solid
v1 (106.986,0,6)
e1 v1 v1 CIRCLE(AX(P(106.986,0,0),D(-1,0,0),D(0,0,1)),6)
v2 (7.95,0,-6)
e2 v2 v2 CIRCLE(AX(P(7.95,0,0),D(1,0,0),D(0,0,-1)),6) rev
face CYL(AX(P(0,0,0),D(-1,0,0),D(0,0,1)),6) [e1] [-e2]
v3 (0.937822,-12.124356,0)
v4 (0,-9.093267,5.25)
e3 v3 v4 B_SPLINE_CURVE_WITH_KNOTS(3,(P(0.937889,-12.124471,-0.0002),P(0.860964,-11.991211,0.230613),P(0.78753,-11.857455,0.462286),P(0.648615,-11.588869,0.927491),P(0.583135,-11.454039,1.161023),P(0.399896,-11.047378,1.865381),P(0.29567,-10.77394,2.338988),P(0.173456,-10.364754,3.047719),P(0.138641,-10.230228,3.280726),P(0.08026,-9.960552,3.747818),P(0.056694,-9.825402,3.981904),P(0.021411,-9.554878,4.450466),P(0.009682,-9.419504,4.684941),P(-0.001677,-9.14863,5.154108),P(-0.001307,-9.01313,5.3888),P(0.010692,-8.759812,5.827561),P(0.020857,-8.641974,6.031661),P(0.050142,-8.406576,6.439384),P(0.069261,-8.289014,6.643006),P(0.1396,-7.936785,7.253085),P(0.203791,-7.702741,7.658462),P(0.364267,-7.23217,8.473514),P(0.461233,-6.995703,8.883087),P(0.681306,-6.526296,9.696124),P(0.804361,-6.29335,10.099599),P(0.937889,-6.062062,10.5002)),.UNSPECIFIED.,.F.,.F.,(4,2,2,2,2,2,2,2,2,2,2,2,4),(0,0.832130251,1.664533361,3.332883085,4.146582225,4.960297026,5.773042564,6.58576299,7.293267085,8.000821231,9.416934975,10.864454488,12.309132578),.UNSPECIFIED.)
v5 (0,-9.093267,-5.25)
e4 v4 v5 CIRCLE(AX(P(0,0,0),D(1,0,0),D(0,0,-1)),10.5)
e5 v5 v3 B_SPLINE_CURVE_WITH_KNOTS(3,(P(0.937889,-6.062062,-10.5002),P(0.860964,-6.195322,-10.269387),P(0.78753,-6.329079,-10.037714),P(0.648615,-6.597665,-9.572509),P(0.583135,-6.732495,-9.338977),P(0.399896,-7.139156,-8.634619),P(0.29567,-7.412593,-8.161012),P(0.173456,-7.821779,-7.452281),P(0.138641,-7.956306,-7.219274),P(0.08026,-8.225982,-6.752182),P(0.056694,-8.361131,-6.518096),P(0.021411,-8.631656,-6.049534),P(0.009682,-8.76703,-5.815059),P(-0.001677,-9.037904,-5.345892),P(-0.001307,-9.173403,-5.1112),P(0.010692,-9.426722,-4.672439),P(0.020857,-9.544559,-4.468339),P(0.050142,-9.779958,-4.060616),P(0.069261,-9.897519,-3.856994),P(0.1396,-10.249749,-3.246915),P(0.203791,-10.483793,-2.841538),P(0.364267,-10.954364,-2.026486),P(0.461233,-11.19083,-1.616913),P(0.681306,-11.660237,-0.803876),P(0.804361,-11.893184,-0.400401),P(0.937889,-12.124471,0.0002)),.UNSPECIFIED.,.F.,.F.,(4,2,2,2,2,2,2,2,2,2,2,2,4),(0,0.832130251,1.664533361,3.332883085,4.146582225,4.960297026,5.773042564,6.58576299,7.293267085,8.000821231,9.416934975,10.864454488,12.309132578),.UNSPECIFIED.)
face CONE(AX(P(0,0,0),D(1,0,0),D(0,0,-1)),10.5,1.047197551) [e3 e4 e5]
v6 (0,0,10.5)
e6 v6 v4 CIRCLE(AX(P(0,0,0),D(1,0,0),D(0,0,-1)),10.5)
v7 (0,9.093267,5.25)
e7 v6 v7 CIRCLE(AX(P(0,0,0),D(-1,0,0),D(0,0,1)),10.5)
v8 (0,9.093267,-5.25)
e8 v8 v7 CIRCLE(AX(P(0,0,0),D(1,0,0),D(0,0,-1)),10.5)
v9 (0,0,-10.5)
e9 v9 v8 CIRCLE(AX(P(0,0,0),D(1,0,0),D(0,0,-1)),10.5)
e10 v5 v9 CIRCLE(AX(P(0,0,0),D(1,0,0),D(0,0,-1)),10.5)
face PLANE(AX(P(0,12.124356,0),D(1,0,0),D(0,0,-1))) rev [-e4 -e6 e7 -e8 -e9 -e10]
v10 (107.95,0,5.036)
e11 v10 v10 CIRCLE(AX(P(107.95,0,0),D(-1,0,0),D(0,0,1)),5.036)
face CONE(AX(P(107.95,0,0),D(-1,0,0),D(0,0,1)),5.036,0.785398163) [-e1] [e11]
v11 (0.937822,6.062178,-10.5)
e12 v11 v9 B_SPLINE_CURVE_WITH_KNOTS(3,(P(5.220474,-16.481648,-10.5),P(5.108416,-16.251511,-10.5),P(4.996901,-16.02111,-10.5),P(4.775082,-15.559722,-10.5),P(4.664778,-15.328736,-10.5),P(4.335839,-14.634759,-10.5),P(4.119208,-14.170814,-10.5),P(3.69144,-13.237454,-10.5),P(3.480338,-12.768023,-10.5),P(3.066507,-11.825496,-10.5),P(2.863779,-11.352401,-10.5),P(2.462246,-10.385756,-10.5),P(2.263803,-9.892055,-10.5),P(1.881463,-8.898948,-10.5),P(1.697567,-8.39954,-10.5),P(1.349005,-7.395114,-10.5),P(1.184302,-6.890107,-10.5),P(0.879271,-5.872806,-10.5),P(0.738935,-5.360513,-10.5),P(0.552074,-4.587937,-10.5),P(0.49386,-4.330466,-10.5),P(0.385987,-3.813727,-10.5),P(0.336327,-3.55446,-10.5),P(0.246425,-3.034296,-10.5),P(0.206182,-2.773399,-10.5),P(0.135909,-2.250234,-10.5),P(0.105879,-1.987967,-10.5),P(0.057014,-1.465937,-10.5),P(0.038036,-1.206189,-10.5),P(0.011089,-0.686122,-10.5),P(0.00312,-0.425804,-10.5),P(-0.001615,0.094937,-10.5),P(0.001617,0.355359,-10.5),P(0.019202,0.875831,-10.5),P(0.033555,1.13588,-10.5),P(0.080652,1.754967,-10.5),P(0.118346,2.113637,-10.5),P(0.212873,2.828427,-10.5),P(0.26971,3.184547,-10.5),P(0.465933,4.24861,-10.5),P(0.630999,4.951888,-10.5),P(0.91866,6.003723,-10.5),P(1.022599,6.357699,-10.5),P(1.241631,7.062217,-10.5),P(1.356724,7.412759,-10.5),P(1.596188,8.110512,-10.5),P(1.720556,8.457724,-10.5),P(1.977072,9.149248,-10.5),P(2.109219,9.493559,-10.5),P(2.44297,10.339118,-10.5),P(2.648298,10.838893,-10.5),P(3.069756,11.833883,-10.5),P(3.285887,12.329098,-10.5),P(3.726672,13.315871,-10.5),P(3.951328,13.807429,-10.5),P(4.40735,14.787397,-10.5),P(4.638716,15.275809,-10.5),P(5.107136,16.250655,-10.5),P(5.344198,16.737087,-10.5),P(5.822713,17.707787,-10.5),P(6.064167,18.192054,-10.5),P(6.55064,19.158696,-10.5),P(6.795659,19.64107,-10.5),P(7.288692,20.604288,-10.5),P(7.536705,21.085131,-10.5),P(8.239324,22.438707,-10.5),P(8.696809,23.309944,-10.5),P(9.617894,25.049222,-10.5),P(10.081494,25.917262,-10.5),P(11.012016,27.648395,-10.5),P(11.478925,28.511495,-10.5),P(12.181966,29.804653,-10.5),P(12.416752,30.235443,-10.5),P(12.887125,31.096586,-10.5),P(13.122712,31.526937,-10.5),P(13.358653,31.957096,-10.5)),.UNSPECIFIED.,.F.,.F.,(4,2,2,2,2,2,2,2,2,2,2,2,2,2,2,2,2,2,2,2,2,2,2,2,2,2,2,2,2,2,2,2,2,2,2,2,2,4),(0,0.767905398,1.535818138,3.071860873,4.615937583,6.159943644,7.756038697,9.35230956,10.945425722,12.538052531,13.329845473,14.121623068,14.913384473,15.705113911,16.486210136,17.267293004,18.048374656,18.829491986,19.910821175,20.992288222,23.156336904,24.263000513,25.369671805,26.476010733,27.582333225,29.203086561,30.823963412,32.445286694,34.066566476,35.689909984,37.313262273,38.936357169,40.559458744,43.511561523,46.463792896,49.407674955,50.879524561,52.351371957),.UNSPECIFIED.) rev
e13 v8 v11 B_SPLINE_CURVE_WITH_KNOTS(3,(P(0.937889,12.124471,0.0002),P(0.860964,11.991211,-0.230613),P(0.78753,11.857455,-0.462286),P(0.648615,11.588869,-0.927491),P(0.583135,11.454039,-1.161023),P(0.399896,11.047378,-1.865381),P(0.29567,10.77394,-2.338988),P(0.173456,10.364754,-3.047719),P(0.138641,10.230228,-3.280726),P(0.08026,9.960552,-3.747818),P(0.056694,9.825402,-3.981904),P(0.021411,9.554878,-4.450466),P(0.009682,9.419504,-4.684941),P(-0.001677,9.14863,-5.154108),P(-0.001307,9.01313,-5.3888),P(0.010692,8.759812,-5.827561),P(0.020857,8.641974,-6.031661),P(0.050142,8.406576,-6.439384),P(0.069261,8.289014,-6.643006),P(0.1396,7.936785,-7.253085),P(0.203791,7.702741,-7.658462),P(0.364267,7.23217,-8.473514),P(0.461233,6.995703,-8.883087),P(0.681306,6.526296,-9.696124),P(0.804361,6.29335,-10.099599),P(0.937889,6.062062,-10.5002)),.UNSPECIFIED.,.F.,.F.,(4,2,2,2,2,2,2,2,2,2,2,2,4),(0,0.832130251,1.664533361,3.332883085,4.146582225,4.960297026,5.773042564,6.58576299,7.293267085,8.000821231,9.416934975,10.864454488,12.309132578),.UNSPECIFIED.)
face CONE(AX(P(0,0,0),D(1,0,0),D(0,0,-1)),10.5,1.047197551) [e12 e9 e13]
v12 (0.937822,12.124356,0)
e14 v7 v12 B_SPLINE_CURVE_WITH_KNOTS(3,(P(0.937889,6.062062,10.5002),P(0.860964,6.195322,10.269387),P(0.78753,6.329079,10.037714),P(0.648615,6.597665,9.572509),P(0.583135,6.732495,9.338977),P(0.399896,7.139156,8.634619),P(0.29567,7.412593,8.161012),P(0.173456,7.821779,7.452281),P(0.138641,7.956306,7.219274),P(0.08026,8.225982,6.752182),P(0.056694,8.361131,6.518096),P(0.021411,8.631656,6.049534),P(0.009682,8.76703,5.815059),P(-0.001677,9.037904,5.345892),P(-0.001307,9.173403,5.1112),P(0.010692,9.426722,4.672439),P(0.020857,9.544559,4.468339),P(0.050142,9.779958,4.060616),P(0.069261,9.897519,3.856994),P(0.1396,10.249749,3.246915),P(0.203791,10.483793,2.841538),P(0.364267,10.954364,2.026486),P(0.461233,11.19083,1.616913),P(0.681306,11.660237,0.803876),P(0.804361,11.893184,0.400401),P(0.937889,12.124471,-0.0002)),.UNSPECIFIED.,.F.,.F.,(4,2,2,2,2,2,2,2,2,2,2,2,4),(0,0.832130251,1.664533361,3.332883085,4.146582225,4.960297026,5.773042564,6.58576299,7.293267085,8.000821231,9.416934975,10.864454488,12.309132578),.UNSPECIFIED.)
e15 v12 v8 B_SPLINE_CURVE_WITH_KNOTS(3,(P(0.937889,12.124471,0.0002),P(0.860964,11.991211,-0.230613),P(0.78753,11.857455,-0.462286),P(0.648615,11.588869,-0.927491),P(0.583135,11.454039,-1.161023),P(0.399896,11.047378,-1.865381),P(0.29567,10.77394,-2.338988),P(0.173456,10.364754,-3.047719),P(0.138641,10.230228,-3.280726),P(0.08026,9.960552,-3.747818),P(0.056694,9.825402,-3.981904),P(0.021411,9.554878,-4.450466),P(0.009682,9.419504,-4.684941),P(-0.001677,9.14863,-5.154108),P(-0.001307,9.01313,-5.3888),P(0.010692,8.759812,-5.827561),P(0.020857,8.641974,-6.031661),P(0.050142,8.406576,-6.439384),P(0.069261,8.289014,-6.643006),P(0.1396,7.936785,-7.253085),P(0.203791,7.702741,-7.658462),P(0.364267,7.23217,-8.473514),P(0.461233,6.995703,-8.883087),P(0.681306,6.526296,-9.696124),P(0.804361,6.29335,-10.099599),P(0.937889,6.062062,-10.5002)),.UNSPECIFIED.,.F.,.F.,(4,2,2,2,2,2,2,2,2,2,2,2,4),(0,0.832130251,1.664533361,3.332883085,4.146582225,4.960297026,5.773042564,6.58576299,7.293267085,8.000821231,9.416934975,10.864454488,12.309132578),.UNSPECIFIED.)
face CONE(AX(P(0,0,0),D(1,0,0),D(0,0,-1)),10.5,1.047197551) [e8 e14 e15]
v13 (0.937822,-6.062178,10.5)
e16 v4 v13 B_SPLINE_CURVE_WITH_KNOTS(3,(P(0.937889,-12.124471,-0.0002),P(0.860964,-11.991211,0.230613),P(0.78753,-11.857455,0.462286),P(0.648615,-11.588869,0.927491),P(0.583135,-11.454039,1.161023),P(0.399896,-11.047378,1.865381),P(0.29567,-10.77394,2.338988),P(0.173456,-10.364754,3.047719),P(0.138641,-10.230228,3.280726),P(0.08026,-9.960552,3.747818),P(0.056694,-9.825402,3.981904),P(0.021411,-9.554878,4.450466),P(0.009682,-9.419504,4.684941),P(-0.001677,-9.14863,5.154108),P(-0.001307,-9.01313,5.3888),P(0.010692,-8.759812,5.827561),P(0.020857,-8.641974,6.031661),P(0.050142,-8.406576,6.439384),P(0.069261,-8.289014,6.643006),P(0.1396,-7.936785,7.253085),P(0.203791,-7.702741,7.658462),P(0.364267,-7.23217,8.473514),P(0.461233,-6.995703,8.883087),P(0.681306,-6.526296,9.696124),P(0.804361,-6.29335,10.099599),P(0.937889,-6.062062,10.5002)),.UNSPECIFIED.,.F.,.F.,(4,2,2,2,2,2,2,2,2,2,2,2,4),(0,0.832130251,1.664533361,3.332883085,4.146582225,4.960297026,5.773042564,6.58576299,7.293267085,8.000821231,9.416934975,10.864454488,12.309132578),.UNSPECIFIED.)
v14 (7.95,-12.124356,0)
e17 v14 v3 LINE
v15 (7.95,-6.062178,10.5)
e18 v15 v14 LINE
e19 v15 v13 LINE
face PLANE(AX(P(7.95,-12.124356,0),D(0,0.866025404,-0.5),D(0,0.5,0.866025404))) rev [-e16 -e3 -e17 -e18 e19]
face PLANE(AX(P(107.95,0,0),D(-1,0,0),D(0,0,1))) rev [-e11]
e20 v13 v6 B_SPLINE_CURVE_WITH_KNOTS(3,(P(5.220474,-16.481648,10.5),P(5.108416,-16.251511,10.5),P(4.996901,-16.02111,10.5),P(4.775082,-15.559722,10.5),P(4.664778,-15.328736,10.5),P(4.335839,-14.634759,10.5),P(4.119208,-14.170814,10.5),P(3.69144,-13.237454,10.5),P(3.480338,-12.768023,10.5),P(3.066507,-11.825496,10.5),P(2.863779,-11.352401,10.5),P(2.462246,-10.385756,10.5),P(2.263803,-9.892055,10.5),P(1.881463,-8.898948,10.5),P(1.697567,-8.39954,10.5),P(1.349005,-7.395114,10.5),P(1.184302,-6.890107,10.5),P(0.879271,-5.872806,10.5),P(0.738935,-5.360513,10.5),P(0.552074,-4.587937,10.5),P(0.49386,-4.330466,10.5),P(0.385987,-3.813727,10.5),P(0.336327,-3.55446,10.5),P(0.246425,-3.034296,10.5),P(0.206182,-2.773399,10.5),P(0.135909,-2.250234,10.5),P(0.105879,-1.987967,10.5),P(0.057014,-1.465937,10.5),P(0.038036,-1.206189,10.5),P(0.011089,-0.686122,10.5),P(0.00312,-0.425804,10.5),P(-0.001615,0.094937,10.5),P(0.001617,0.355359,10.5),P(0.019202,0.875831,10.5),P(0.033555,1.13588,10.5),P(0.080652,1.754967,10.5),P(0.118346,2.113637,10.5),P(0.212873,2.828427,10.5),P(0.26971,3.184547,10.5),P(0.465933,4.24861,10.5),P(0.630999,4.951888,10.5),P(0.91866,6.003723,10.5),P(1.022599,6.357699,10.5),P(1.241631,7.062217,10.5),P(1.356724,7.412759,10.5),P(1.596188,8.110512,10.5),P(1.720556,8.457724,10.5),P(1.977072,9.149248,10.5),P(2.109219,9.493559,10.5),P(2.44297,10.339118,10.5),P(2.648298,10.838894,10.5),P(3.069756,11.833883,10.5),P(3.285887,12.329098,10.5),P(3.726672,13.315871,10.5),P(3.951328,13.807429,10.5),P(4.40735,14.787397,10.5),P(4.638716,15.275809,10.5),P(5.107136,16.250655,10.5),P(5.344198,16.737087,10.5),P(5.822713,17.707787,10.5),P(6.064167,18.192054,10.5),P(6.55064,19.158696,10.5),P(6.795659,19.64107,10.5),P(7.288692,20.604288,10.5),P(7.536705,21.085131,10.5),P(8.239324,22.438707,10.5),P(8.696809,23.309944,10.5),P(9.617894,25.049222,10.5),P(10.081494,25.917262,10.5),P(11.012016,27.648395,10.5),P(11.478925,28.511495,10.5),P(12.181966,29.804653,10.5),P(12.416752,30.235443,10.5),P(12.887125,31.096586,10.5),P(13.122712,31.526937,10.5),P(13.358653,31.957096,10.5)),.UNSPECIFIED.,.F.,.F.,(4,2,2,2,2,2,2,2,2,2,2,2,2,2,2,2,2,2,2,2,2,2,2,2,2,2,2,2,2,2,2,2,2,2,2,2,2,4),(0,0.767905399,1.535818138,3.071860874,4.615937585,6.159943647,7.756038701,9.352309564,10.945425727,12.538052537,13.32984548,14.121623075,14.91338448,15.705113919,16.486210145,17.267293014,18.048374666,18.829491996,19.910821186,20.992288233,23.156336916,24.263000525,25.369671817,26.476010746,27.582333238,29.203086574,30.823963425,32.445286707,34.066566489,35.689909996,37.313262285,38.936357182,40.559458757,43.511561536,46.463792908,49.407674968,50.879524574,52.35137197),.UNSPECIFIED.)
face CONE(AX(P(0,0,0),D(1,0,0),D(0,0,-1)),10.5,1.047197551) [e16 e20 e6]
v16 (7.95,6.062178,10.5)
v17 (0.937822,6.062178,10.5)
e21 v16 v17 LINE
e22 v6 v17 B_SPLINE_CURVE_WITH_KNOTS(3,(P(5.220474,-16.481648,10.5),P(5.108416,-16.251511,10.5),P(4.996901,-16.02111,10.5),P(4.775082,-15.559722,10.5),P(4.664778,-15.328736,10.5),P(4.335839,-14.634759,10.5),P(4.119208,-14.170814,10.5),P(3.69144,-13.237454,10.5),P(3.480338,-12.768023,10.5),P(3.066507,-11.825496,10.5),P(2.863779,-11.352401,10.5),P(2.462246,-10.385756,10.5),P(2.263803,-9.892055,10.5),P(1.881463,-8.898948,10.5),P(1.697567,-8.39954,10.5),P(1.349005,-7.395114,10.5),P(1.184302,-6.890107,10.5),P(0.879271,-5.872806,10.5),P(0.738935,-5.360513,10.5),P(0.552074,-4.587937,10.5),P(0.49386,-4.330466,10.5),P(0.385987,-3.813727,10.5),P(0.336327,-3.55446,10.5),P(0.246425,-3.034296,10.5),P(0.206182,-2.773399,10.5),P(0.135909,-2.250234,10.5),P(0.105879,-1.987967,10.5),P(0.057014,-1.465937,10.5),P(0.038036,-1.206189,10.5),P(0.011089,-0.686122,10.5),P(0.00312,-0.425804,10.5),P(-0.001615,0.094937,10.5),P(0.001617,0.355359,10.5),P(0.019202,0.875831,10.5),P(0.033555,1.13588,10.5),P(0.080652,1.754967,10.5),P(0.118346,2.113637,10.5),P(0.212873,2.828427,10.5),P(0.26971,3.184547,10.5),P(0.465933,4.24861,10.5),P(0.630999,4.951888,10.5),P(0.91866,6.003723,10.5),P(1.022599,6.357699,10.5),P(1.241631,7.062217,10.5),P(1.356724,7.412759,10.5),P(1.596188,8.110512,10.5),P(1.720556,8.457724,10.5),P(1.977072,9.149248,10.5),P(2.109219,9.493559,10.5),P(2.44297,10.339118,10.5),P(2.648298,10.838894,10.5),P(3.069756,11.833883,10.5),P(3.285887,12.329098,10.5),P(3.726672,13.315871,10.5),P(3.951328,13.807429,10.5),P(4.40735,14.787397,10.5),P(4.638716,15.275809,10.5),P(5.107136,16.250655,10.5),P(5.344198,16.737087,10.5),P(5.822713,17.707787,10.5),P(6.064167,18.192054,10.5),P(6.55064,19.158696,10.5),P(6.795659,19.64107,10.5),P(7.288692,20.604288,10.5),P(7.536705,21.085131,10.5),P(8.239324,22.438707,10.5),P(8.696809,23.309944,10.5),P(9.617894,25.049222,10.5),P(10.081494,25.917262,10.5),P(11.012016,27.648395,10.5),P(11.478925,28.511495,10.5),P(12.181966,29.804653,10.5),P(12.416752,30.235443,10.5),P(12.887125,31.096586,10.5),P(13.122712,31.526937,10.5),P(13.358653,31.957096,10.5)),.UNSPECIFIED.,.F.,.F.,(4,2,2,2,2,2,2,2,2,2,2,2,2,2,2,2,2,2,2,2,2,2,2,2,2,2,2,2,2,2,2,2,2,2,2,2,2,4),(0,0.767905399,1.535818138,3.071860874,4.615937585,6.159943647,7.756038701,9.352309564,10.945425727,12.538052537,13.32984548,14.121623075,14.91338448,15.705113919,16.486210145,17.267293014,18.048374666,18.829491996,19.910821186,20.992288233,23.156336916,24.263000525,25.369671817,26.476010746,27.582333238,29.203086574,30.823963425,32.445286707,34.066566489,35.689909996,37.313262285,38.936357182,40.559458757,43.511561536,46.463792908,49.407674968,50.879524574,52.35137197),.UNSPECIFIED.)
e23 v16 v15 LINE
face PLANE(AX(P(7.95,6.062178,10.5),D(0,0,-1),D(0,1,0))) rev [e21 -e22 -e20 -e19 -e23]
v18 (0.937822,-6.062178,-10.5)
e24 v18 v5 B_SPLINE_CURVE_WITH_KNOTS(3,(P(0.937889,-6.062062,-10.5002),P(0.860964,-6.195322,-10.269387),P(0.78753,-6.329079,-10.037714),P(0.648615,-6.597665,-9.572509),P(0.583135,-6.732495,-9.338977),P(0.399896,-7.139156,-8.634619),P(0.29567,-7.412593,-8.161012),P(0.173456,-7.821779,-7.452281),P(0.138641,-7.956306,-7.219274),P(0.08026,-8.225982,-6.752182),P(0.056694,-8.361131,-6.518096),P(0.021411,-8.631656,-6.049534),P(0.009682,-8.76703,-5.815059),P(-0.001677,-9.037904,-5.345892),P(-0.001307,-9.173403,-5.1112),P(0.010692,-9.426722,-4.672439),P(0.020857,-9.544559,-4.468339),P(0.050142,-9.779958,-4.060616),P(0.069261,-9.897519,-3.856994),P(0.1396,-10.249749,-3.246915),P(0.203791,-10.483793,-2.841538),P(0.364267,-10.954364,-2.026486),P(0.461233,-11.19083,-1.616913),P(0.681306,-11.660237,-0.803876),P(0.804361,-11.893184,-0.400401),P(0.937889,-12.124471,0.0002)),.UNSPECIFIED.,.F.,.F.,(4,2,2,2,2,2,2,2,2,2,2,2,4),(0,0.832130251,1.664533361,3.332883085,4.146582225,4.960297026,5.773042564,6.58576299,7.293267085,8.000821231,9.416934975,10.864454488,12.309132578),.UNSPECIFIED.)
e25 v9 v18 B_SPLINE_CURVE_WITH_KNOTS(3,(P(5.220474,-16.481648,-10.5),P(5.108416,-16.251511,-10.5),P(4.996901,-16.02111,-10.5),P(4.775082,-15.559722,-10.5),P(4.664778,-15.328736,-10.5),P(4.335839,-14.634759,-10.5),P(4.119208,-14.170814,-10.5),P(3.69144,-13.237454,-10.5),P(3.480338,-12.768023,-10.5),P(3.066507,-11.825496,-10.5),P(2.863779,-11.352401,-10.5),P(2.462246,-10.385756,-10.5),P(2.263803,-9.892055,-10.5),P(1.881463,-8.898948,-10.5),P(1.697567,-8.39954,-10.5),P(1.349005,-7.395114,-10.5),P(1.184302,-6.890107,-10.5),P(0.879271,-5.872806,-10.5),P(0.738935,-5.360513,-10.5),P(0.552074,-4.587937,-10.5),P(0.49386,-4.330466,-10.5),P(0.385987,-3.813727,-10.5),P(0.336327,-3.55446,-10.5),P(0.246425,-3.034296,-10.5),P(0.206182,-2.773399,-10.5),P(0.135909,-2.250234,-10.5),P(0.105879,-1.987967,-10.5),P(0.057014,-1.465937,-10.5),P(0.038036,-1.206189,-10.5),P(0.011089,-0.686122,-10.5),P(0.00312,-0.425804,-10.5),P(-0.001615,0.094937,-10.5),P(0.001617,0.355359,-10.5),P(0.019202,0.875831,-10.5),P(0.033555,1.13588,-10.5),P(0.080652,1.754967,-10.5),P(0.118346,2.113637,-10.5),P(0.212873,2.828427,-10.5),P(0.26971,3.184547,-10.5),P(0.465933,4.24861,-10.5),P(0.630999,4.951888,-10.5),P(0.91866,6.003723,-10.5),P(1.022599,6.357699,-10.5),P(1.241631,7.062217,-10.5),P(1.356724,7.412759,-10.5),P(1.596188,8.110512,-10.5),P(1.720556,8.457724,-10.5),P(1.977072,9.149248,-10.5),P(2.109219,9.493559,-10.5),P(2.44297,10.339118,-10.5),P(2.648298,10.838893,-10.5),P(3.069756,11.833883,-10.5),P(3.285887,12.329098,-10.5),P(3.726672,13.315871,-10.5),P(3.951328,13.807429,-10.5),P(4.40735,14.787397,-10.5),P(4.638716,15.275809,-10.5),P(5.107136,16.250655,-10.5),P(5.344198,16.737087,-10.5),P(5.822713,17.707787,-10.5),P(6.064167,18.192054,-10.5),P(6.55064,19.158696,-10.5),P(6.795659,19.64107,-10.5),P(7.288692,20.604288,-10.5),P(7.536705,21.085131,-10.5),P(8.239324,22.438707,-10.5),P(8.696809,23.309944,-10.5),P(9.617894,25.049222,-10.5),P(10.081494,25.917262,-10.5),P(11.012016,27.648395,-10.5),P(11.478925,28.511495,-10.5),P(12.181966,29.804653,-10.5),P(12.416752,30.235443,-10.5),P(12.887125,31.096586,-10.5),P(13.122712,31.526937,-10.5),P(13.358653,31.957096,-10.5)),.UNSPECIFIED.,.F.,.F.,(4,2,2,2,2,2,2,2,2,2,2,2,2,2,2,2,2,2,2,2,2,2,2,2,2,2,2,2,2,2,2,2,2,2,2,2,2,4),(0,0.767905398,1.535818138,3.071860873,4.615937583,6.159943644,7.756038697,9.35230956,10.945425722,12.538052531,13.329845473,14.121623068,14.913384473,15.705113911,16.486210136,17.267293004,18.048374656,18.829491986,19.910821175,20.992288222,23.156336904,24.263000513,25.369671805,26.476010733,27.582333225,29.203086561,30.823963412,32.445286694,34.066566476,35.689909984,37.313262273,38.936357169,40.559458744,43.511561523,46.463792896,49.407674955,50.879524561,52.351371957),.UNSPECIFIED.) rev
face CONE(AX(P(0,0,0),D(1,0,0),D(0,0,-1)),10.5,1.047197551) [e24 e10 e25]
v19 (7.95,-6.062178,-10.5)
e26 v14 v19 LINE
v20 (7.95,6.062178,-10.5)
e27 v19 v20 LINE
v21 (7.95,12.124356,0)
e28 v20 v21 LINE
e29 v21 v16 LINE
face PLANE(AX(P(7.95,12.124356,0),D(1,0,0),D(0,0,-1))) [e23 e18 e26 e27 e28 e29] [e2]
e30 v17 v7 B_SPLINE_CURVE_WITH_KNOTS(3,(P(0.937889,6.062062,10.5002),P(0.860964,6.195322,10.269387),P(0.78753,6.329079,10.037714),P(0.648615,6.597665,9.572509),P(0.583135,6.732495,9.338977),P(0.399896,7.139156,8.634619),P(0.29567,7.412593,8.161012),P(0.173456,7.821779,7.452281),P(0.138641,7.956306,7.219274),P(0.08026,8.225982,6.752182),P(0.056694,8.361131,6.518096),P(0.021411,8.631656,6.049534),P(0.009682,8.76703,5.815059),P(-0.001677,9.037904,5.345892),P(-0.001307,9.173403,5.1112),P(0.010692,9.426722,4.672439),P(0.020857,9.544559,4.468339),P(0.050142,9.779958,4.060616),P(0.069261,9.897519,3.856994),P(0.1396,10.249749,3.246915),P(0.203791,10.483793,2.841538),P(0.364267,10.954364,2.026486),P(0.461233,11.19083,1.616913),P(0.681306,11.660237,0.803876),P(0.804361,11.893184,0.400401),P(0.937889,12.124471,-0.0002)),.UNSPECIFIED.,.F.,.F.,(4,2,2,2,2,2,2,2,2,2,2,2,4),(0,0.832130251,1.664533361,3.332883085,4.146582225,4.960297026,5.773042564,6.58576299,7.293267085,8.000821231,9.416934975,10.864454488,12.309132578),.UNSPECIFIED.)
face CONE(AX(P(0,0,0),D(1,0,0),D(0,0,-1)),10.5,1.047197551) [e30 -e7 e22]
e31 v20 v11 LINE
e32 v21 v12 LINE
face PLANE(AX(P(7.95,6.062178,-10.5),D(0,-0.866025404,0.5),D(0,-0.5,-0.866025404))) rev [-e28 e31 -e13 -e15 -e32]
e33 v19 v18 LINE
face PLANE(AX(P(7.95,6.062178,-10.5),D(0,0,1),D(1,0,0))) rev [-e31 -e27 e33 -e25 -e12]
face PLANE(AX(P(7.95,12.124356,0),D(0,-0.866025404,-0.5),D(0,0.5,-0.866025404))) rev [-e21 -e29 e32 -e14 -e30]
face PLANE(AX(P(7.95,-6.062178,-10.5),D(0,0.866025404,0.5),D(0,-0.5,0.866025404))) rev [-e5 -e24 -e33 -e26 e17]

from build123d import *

# Parameters (mm, degrees)
BASEHEAD_DEPTH = 7.95


with BuildPart() as part:
    # Sketch1 → BaseHead (new body)
    with BuildSketch(Plane(origin=(0, 0, 0), x_dir=(0, 0, -1), z_dir=(1, 0, 0))):
        Polygon((10.5, 6.062177826), (10.5, -6.062177826), (0, -12.124355653), (-10.5, -6.062177826), (-10.5, 6.062177826), (0, 12.124355653), align=None)
    extrude(amount=BASEHEAD_DEPTH)

    # BodySke → BaseBody (revolve)
    with BuildSketch(Plane.XY):
        Polygon((0, 0), (107.95, 0), (107.95, 5.036), (106.986, 6), (0, 6), align=None)
    revolve(axis=Axis((0, 0, 0), (1, 0, 0)))

    # Sketch3 → HeadChamfer (revolve, cut)
    with BuildSketch(Plane.XY):
        Polygon((0, 10.5), (3.824573519, 17.124355653), (3.824573519, 22.124355653), (-10, 22.124355653), (-10, 10.5), align=None)
    revolve(axis=Axis((0, 0, 0), (1, 0, 0)), mode=Mode.SUBTRACT)


solid = part.part
